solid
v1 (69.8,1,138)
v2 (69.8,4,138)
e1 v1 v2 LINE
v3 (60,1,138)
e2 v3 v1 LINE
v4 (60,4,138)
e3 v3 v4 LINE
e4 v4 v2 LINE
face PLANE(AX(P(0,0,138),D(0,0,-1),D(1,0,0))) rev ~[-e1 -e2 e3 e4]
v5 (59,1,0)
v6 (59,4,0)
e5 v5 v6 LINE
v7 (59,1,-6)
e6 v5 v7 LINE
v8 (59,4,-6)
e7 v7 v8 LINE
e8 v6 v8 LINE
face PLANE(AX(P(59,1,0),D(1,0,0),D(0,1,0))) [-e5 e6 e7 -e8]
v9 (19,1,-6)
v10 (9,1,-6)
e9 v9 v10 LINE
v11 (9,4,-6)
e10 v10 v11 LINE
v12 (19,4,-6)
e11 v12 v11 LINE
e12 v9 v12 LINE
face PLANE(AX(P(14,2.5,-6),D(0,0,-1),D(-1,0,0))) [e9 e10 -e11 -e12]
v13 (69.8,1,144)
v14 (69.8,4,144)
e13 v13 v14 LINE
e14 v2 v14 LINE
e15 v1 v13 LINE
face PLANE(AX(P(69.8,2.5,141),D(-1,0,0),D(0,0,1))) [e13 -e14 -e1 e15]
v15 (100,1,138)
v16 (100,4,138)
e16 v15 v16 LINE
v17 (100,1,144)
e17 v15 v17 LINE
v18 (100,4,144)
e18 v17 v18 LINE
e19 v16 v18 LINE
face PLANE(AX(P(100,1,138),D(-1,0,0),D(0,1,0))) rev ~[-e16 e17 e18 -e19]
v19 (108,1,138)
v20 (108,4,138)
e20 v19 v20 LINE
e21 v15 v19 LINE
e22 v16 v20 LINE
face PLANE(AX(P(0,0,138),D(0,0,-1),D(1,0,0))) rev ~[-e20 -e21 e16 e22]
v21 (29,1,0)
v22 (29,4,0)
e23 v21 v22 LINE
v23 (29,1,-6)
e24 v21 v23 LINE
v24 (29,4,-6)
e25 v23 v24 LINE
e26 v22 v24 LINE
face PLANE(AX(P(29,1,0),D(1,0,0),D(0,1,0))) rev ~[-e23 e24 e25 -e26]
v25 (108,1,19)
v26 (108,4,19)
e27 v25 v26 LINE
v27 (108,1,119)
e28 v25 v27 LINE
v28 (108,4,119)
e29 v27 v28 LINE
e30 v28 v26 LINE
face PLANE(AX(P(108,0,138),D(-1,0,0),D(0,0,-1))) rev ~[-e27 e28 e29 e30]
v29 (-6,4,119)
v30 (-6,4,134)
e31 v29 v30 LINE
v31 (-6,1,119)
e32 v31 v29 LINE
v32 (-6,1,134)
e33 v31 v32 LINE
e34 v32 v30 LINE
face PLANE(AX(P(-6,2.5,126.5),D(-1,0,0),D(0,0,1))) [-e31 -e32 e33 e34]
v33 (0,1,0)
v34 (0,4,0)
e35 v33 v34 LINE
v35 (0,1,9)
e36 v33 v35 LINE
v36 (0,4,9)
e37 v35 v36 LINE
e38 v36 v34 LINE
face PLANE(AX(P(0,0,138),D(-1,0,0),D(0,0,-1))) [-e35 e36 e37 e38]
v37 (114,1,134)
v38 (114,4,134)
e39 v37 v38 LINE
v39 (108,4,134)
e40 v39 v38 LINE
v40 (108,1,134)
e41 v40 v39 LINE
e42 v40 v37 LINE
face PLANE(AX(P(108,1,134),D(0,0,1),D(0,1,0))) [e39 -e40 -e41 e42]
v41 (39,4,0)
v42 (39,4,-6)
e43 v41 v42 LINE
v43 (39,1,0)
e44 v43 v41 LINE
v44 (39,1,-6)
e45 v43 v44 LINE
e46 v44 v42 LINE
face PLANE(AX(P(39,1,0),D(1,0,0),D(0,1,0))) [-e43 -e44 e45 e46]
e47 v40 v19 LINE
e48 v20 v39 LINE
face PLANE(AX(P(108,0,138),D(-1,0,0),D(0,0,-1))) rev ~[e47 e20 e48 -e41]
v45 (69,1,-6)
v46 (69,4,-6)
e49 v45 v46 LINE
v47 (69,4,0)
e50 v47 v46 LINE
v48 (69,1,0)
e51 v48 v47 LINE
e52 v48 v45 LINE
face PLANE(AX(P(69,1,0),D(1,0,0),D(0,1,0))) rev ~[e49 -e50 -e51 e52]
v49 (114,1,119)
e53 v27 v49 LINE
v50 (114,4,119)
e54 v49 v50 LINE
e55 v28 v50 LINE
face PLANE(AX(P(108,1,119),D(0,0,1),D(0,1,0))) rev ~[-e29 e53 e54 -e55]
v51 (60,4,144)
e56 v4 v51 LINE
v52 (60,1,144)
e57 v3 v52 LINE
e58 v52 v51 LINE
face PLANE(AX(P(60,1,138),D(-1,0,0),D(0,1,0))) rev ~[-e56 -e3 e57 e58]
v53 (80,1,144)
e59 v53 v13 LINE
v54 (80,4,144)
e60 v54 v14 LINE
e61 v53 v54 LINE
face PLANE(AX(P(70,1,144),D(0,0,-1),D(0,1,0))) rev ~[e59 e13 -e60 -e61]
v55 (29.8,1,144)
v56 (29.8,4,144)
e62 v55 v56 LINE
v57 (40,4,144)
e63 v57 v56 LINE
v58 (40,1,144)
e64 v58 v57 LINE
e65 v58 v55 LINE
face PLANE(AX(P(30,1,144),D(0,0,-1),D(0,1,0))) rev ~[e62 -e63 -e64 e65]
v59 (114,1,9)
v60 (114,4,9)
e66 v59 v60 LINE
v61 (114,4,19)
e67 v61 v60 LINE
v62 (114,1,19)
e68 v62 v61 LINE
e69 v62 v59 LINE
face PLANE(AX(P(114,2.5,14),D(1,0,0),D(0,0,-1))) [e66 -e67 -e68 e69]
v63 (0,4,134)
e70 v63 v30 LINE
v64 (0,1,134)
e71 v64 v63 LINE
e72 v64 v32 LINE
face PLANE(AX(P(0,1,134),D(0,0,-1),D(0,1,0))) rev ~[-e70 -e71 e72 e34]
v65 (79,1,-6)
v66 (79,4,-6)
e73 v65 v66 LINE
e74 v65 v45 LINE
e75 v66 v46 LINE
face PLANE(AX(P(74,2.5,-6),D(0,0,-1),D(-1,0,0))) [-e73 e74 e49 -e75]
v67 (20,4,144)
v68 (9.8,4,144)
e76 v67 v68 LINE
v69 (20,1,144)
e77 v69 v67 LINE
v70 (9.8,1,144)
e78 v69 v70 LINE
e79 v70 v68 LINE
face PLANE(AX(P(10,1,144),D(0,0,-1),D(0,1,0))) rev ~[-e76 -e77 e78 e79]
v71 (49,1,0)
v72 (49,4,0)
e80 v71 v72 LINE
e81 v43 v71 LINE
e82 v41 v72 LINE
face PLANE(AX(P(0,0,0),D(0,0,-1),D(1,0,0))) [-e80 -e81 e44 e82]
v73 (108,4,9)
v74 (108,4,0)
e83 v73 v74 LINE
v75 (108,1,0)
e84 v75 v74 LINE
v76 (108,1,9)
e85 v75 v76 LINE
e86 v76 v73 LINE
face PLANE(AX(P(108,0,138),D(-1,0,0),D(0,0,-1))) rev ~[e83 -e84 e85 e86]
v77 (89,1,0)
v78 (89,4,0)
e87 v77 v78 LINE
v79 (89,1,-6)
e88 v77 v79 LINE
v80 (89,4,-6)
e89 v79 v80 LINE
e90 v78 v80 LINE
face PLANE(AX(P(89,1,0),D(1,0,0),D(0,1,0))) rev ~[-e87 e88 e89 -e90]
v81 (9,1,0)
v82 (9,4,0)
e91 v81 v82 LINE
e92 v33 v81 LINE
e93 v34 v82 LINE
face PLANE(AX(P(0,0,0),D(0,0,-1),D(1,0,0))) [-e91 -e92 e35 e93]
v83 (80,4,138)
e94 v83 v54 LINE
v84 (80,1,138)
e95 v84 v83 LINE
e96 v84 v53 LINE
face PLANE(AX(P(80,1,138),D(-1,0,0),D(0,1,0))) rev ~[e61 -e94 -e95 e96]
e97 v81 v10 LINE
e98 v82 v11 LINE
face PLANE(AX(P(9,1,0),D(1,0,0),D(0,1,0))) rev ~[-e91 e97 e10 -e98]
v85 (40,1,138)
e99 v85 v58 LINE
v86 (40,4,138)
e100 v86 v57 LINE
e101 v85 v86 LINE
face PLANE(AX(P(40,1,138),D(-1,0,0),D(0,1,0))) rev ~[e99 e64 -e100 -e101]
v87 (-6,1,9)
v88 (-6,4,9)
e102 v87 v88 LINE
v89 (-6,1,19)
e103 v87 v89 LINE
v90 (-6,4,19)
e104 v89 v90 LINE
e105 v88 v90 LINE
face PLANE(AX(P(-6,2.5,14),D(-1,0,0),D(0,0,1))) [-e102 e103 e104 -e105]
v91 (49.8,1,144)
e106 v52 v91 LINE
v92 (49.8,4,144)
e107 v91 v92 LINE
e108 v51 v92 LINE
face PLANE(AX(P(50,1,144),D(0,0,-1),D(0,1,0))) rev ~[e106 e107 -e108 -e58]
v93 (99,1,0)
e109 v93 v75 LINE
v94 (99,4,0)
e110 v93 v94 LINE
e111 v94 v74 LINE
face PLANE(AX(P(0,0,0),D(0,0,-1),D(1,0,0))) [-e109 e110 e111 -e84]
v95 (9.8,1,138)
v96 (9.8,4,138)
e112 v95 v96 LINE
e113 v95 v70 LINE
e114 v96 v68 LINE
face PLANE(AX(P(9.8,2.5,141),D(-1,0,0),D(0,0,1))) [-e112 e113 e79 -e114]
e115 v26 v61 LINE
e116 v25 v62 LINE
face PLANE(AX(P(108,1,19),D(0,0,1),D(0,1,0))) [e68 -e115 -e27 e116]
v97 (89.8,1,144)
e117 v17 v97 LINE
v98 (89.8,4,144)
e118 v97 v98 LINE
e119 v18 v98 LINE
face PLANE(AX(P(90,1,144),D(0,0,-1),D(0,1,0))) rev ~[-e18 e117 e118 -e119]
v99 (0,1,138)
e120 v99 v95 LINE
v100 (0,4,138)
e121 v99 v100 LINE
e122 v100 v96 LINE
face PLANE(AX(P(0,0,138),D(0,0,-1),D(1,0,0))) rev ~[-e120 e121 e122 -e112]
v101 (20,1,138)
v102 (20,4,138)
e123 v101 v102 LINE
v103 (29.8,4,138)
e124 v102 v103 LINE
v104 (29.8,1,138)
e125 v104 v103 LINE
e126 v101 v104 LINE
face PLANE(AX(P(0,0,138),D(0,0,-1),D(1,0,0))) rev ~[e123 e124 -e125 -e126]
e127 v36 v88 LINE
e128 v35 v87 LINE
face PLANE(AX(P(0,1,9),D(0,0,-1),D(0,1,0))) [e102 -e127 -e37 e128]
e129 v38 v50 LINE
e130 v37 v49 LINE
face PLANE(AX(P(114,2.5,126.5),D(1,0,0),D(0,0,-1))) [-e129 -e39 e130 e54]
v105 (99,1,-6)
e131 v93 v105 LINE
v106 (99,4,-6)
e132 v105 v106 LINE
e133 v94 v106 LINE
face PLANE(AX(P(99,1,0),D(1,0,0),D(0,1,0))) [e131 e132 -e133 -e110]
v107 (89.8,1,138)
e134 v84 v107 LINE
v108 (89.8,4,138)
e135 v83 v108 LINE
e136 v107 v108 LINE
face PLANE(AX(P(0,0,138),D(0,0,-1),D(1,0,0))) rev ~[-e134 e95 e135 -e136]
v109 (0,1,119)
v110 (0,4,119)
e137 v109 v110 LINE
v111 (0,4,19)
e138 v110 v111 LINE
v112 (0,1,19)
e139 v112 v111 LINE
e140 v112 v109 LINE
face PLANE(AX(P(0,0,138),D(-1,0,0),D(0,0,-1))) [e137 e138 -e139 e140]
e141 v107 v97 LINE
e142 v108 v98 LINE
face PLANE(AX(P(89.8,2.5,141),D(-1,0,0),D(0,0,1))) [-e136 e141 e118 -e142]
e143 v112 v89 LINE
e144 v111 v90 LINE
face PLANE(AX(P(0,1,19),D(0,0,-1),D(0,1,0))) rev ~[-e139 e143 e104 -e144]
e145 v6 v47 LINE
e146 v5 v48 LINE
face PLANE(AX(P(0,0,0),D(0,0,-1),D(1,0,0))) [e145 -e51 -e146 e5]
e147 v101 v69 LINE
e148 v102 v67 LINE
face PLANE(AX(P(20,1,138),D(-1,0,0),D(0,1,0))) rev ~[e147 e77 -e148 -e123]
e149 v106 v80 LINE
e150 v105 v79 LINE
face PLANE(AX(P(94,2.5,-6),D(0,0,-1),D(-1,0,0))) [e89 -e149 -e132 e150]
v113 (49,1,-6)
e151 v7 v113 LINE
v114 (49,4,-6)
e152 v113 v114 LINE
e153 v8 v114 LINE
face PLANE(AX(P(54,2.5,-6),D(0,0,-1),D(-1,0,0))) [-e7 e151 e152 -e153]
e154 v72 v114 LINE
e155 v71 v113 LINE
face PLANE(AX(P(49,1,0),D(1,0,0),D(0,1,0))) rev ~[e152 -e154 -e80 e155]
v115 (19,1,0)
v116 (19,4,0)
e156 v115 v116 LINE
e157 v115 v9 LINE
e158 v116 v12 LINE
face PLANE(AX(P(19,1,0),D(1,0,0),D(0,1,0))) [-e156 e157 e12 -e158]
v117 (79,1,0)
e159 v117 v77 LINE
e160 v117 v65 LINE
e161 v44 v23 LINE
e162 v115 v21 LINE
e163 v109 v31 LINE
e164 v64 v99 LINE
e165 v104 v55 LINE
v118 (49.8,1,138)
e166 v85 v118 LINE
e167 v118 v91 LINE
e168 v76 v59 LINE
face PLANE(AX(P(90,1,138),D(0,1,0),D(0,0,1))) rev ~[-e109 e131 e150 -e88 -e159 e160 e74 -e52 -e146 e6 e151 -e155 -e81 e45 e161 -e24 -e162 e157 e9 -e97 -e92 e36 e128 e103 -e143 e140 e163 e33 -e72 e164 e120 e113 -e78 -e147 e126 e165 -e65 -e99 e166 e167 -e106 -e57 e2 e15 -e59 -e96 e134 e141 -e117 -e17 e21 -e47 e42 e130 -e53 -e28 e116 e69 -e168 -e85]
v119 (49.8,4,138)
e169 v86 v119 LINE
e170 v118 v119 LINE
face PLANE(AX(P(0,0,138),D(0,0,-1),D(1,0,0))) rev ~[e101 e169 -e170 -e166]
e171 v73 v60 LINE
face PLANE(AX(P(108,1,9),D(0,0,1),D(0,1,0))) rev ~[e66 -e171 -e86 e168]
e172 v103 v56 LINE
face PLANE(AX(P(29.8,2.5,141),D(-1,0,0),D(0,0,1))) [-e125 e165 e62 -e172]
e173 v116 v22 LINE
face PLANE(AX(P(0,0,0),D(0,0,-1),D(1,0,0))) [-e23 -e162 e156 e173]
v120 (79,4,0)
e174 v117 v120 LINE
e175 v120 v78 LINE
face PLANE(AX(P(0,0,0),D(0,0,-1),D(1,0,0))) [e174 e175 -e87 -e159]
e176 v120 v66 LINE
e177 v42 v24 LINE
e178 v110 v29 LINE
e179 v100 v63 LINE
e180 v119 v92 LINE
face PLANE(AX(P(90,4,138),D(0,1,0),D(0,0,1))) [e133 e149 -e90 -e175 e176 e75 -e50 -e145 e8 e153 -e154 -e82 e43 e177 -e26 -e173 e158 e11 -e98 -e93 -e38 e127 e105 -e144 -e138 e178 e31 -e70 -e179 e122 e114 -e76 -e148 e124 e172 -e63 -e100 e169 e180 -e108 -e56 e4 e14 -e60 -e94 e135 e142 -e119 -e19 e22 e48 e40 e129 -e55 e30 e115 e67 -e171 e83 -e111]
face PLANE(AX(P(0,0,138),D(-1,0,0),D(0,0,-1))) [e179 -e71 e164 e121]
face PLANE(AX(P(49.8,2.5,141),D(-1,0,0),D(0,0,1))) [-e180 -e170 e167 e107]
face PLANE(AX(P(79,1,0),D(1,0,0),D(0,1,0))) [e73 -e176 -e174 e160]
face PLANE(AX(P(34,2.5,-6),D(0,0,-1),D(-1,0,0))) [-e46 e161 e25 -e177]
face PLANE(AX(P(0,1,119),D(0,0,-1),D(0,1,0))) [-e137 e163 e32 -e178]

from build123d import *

# Parameters (mm, degrees)
SKETCH_1_W          = 108
SKETCH_1_H          = 138
EXTRUDE_1_DEPTH     = 4
SKETCH_3_W          = 108
SKETCH_3_H          = 138
CUT_EXTRUDE_2_DEPTH = 1
SKETCH_4_W          = 10
SKETCH_4_H          = 3
EXTRUDE_2_DEPTH     = 6
SKETCH_5_W          = 10
SKETCH_5_H          = 3
SKETCH_5_W_2        = 15
EXTRUDE_3_DEPTH     = 6
SKETCH_6_W          = 15
SKETCH_6_H          = 3
SKETCH_6_W_2        = 10
EXTRUDE_4_DEPTH     = 6
SKETCH_7_W          = 10
SKETCH_7_H          = 3
EXTRUDE_5_DEPTH     = 6
SKETCH_8_W          = 6
SKETCH_8_H          = 3
EXTRUDE_6_DEPTH     = 0.2
SKETCH_9_W          = 6
SKETCH_9_H          = 3
EXTRUDE_7_DEPTH     = 0.2
SKETCH_10_W         = 6
SKETCH_10_H         = 3
EXTRUDE_8_DEPTH     = 0.2
SKETCH_11_W         = 6
SKETCH_11_H         = 3
EXTRUDE_9_DEPTH     = 0.2
SKETCH_12_W         = 6
SKETCH_12_H         = 3
EXTRUDE_10_DEPTH    = 0.2


with BuildPart() as part:
    # Эскиз1 → Бобышка-Вытянуть1 (new body)
    with BuildSketch(Plane(origin=(0, 0, 0), x_dir=(1, 0, 0), z_dir=(0, 1, 0))):
        with Locations((54, -69)):
            Rectangle(SKETCH_1_W, SKETCH_1_H)
    extrude(amount=EXTRUDE_1_DEPTH)

    # Эскиз3 → Вырез-Вытянуть2 (cut)
    with BuildSketch(Plane.XZ):
        with Locations((54, 69)):
            Rectangle(SKETCH_3_W, SKETCH_3_H)
    extrude(amount=-CUT_EXTRUDE_2_DEPTH, mode=Mode.SUBTRACT)

    # Эскиз4 → Бобышка-Вытянуть2 (add)
    with BuildSketch(Plane.XY.offset(138)):
        with Locations((15, 2.5)):
            Rectangle(SKETCH_4_W, SKETCH_4_H)
        with Locations((35, 2.5)):
            Rectangle(SKETCH_4_W, SKETCH_4_H)
        with Locations((55, 2.5)):
            Rectangle(SKETCH_4_W, SKETCH_4_H)
        with Locations((75, 2.5)):
            Rectangle(SKETCH_4_W, SKETCH_4_H)
        with Locations((95, 2.5)):
            Rectangle(SKETCH_4_W, SKETCH_4_H)
    extrude(amount=EXTRUDE_2_DEPTH)

    # Эскиз5 → Бобышка-Вытянуть3 (add)
    with BuildSketch(Plane.ZY):
        with Locations((14, 2.5)):
            Rectangle(SKETCH_5_W, SKETCH_5_H)
        with Locations((126.5, 2.5)):
            Rectangle(SKETCH_5_W_2, SKETCH_5_H)
    extrude(amount=EXTRUDE_3_DEPTH)

    # Эскиз6 → Бобышка-Вытянуть4 (add)
    with BuildSketch(Plane(origin=(108, 0, 0), x_dir=(0, 0, -1), z_dir=(1, 0, 0))):
        with Locations((-126.5, 2.5)):
            Rectangle(SKETCH_6_W, SKETCH_6_H)
        with Locations((-14, 2.5)):
            Rectangle(SKETCH_6_W_2, SKETCH_6_H)
    extrude(amount=EXTRUDE_4_DEPTH)

    # Эскиз7 → Бобышка-Вытянуть5 (add)
    with BuildSketch(Plane(origin=(0, 0, 0), x_dir=(-1, 0, 0), z_dir=(0, 0, -1))):
        with Locations((-94, 2.5)):
            Rectangle(SKETCH_7_W, SKETCH_7_H)
        with Locations((-74, 2.5)):
            Rectangle(SKETCH_7_W, SKETCH_7_H)
        with Locations((-54, 2.5)):
            Rectangle(SKETCH_7_W, SKETCH_7_H)
        with Locations((-34, 2.5)):
            Rectangle(SKETCH_7_W, SKETCH_7_H)
        with Locations((-14, 2.5)):
            Rectangle(SKETCH_7_W, SKETCH_7_H)
    extrude(amount=EXTRUDE_5_DEPTH)

    # Эскиз8 → Бобышка-Вытянуть6 (add)
    with BuildSketch(Plane.ZY.offset(-10)):
        with Locations((141, 2.5)):
            Rectangle(SKETCH_8_W, SKETCH_8_H)
    extrude(amount=EXTRUDE_6_DEPTH)

    # Эскиз9 → Бобышка-Вытянуть7 (add)
    with BuildSketch(Plane.ZY.offset(-30)):
        with Locations((141, 2.5)):
            Rectangle(SKETCH_9_W, SKETCH_9_H)
    extrude(amount=EXTRUDE_7_DEPTH)

    # Эскиз10 → Бобышка-Вытянуть8 (add)
    with BuildSketch(Plane.ZY.offset(-50)):
        with Locations((141, 2.5)):
            Rectangle(SKETCH_10_W, SKETCH_10_H)
    extrude(amount=EXTRUDE_8_DEPTH)

    # Эскиз11 → Бобышка-Вытянуть9 (add)
    with BuildSketch(Plane.ZY.offset(-70)):
        with Locations((141, 2.5)):
            Rectangle(SKETCH_11_W, SKETCH_11_H)
    extrude(amount=EXTRUDE_9_DEPTH)

    # Эскиз12 → Бобышка-Вытянуть10 (add)
    with BuildSketch(Plane.ZY.offset(-90)):
        with Locations((141, 2.5)):
            Rectangle(SKETCH_12_W, SKETCH_12_H)
    extrude(amount=EXTRUDE_10_DEPTH)


solid = part.part
